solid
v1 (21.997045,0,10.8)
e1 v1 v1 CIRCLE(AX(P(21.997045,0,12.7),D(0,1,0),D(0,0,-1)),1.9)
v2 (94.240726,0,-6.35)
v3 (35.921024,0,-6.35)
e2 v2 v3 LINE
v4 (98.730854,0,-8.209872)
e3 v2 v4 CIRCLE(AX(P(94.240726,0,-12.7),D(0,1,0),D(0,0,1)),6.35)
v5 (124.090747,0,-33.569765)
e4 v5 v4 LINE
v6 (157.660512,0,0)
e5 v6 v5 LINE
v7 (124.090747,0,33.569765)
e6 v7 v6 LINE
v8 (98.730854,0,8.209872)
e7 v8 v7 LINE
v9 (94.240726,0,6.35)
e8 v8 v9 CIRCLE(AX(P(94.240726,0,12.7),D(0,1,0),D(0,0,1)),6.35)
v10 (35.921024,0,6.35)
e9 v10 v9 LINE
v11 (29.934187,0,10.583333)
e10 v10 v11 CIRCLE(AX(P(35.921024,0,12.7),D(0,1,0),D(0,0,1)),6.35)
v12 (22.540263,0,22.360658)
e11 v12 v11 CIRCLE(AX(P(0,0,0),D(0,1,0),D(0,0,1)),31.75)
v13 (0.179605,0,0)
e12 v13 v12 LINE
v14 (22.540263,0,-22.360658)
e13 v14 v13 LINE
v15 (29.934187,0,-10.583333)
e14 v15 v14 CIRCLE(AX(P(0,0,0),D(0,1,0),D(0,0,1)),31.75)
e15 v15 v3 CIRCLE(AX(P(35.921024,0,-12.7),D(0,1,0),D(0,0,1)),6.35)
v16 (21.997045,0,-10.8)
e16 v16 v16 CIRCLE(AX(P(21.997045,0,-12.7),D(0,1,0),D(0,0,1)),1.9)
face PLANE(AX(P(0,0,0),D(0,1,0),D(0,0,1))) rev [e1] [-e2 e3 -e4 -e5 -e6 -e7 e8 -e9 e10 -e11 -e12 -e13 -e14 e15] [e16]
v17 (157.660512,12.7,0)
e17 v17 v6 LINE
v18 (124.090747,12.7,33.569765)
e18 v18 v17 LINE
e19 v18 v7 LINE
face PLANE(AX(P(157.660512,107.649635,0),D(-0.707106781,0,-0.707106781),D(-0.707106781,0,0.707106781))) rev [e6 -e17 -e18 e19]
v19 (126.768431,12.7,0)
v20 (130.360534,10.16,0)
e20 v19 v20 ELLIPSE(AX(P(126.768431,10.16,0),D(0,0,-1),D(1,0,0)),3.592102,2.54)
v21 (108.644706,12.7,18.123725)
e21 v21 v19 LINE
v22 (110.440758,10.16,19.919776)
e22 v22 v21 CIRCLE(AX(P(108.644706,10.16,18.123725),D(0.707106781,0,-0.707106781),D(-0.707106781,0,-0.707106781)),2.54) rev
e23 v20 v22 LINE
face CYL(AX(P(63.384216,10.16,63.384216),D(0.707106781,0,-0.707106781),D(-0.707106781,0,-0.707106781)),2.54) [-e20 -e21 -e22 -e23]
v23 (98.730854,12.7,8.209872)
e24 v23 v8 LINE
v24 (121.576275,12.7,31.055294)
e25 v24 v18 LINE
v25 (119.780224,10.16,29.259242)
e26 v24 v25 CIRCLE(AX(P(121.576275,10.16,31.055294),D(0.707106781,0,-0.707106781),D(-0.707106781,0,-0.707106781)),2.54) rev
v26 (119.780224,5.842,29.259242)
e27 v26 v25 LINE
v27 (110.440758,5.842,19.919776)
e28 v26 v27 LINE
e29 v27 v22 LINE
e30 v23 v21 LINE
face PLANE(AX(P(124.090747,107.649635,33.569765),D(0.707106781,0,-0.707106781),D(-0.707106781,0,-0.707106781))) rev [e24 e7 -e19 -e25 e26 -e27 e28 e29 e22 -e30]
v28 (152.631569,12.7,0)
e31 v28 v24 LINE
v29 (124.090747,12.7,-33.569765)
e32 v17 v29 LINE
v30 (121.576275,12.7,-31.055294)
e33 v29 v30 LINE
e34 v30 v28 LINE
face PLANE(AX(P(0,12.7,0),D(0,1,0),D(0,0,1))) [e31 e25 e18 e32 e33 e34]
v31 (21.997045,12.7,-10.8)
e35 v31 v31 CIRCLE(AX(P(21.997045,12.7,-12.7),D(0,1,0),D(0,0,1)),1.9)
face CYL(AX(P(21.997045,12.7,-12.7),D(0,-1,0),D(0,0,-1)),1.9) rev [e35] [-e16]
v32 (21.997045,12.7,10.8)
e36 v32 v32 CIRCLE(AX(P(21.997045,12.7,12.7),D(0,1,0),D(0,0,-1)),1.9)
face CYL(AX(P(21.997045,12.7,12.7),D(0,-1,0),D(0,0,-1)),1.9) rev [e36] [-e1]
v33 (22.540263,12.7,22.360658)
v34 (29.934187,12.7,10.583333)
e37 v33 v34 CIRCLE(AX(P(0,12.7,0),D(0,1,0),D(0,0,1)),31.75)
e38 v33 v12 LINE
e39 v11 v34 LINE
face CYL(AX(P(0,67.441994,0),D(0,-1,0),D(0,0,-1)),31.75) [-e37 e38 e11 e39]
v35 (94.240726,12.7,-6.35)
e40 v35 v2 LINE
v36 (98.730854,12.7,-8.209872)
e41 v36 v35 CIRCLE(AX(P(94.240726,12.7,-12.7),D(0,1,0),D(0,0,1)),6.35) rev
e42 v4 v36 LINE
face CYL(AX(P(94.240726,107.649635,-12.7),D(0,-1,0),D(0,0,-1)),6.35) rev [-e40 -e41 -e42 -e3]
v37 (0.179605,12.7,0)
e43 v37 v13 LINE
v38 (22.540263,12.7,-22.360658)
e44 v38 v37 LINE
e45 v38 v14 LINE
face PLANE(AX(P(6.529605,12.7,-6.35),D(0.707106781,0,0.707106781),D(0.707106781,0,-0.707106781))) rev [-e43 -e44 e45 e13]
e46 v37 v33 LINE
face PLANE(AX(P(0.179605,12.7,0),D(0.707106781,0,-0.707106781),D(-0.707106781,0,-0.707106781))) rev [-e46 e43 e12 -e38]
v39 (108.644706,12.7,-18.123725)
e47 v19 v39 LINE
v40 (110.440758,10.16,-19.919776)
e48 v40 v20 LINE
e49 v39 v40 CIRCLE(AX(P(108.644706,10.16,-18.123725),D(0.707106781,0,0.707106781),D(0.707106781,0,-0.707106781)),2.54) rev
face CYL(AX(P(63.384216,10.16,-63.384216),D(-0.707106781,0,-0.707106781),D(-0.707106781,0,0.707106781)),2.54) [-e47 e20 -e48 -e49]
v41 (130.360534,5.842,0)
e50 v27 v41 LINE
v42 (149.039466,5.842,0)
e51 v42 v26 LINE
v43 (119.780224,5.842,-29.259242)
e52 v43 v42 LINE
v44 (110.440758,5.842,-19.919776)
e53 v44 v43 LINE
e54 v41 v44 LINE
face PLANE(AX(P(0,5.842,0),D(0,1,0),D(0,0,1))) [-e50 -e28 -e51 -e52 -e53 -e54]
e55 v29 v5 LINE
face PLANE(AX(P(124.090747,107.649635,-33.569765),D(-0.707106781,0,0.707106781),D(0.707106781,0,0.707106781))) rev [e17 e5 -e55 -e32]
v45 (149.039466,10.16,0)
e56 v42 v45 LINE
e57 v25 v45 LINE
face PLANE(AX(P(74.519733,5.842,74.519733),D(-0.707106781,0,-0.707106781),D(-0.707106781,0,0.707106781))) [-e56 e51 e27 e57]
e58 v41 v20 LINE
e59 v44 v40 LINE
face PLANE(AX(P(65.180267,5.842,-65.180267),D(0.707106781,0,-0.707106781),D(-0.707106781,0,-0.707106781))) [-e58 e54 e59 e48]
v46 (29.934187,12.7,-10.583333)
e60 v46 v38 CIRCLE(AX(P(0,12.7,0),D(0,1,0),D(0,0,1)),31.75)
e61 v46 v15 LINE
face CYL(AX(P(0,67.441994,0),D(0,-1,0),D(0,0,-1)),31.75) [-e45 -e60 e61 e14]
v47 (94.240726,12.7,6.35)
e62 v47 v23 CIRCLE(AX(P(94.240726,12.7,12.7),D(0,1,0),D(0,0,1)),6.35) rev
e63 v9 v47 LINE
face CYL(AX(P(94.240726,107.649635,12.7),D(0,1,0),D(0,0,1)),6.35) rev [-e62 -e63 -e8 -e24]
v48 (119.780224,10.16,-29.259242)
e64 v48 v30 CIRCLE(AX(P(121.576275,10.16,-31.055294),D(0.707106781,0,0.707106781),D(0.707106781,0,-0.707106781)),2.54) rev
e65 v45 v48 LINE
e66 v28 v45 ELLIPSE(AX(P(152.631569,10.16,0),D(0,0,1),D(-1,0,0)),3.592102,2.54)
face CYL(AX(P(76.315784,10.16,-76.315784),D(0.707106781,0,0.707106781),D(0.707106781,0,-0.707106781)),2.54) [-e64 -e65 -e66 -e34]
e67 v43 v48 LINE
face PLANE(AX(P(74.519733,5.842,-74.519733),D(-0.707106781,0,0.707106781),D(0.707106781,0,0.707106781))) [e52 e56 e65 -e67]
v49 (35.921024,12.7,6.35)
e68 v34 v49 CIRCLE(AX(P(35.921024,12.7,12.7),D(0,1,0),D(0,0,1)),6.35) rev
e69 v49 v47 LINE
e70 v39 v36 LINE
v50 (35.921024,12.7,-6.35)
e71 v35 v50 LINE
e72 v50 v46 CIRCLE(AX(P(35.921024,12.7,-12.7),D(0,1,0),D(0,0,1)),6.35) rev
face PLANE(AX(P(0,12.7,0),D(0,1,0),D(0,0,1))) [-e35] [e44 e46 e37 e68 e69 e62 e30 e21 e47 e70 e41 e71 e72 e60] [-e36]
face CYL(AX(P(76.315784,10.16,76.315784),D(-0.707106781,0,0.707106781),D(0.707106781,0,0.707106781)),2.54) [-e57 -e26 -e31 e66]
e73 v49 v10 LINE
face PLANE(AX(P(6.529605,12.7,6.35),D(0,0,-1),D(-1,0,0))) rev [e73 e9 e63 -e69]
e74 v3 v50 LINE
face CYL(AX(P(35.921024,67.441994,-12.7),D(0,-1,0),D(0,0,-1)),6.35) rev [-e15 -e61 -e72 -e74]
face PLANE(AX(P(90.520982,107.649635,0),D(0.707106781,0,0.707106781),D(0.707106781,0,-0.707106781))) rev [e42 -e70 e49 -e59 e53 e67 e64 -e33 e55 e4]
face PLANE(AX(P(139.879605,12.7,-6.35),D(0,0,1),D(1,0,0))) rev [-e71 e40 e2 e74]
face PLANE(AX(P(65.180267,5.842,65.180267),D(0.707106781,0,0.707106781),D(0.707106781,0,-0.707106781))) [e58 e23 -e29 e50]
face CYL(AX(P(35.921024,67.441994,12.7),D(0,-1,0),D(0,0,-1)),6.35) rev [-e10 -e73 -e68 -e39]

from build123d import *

# Parameters (mm, degrees)
BOSS_EXTRUDE11_DEPTH = 12.7
BOSS_EXTRUDE12_DEPTH = 12.7
BOSS_EXTRUDE13_DEPTH = 12.7
CUT_EXTRUDE1_START   = 12.7
CUT_EXTRUDE1_DEPTH   = 6.858
SKETCH25_R           = 1.90000001
CUT_EXTRUDE2_DEPTH   = 13.7
FILLET1_R            = 2.54
FILLET2_R            = 6.35


with BuildPart() as part:
    # Sketch12 → Boss-Extrude11 (new body)
    with BuildSketch(Plane(origin=(0, 0, 0), x_dir=(1, 0, 0), z_dir=(0, 1, 0))):
        Polygon((139.879605122, 6.35), (6.529605122, 6.35), (0.179605122, 0), (6.529605122, -6.35), (139.879605122, -6.35), align=None)
    extrude(amount=BOSS_EXTRUDE11_DEPTH)

    # Sketch23 → Boss-Extrude12 (add)
    with BuildSketch(Plane(origin=(0, 0, 0), x_dir=(1, 0, 0), z_dir=(0, 1, 0))):
        Polygon((90.5209817, 0), (124.090746971, 33.569765271), (157.660512242, 0), (124.090746971, -33.569765271), align=None)
    extrude(amount=BOSS_EXTRUDE12_DEPTH)

    # Sketch26 → Boss-Extrude13 (add)
    with BuildSketch(Plane(origin=(0, 0, 0), x_dir=(1, 0, 0), z_dir=(0, 1, 0))):
        with BuildLine():
            Line((22.540263258, 22.360658136), (0.179605122, 0))
            Line((0.179605122, 0), (22.540263258, -22.360658136))
            ThreePointArc((22.540263258, -22.360658136), (31.75, 0), (22.540263258, 22.360658136))
        make_face()
    extrude(amount=BOSS_EXTRUDE13_DEPTH)

    # Sketch24 → Cut-Extrude1 (cut)
    with BuildSketch(Plane(origin=(0, 0, 0), x_dir=(1, 0, 0), z_dir=(0, 1, 0)).offset(CUT_EXTRUDE1_START)):
        Polygon((119.780224033, 29.259242333), (149.039466366, 0), (119.780224033, -29.259242333), (110.440757667, -19.919775967), (130.360533634, 0), (110.440757667, 19.919775967), align=None)
    extrude(amount=-CUT_EXTRUDE1_DEPTH, mode=Mode.SUBTRACT)

    # Sketch25 → Cut-Extrude2 (cut, through all)
    with BuildSketch(Plane(origin=(0, 0, 0), x_dir=(1, 0, 0), z_dir=(0, 1, 0))):
        with Locations((21.997045256, 12.7)):
            Circle(SKETCH25_R)
        with Locations((21.997045256, -12.7)):
            Circle(SKETCH25_R)
    extrude(amount=CUT_EXTRUDE2_DEPTH, mode=Mode.SUBTRACT)

    # Fillet1
    fillet1_edges = [part.edges().sort_by_distance(p)[0] for p in [
        (120.400645651, 12.7, 9.959887983),
        (120.400645651, 12.7, -9.959887983),
        (134.4098452, 12.7, -14.629621166),
        (134.4098452, 12.7, 14.629621166),
    ]]
    fillet(fillet1_edges, radius=FILLET1_R)

    # Fillet2
    fillet2_edges = [part.edges().sort_by_distance(p)[0] for p in [
        (96.8709817, 6.35, 6.35),
        (96.8709817, 6.35, -6.35),
        (31.108519733, 6.35, -6.35),
        (31.108519733, 6.35, 6.35),
    ]]
    fillet(fillet2_edges, radius=FILLET2_R)


solid = part.part
